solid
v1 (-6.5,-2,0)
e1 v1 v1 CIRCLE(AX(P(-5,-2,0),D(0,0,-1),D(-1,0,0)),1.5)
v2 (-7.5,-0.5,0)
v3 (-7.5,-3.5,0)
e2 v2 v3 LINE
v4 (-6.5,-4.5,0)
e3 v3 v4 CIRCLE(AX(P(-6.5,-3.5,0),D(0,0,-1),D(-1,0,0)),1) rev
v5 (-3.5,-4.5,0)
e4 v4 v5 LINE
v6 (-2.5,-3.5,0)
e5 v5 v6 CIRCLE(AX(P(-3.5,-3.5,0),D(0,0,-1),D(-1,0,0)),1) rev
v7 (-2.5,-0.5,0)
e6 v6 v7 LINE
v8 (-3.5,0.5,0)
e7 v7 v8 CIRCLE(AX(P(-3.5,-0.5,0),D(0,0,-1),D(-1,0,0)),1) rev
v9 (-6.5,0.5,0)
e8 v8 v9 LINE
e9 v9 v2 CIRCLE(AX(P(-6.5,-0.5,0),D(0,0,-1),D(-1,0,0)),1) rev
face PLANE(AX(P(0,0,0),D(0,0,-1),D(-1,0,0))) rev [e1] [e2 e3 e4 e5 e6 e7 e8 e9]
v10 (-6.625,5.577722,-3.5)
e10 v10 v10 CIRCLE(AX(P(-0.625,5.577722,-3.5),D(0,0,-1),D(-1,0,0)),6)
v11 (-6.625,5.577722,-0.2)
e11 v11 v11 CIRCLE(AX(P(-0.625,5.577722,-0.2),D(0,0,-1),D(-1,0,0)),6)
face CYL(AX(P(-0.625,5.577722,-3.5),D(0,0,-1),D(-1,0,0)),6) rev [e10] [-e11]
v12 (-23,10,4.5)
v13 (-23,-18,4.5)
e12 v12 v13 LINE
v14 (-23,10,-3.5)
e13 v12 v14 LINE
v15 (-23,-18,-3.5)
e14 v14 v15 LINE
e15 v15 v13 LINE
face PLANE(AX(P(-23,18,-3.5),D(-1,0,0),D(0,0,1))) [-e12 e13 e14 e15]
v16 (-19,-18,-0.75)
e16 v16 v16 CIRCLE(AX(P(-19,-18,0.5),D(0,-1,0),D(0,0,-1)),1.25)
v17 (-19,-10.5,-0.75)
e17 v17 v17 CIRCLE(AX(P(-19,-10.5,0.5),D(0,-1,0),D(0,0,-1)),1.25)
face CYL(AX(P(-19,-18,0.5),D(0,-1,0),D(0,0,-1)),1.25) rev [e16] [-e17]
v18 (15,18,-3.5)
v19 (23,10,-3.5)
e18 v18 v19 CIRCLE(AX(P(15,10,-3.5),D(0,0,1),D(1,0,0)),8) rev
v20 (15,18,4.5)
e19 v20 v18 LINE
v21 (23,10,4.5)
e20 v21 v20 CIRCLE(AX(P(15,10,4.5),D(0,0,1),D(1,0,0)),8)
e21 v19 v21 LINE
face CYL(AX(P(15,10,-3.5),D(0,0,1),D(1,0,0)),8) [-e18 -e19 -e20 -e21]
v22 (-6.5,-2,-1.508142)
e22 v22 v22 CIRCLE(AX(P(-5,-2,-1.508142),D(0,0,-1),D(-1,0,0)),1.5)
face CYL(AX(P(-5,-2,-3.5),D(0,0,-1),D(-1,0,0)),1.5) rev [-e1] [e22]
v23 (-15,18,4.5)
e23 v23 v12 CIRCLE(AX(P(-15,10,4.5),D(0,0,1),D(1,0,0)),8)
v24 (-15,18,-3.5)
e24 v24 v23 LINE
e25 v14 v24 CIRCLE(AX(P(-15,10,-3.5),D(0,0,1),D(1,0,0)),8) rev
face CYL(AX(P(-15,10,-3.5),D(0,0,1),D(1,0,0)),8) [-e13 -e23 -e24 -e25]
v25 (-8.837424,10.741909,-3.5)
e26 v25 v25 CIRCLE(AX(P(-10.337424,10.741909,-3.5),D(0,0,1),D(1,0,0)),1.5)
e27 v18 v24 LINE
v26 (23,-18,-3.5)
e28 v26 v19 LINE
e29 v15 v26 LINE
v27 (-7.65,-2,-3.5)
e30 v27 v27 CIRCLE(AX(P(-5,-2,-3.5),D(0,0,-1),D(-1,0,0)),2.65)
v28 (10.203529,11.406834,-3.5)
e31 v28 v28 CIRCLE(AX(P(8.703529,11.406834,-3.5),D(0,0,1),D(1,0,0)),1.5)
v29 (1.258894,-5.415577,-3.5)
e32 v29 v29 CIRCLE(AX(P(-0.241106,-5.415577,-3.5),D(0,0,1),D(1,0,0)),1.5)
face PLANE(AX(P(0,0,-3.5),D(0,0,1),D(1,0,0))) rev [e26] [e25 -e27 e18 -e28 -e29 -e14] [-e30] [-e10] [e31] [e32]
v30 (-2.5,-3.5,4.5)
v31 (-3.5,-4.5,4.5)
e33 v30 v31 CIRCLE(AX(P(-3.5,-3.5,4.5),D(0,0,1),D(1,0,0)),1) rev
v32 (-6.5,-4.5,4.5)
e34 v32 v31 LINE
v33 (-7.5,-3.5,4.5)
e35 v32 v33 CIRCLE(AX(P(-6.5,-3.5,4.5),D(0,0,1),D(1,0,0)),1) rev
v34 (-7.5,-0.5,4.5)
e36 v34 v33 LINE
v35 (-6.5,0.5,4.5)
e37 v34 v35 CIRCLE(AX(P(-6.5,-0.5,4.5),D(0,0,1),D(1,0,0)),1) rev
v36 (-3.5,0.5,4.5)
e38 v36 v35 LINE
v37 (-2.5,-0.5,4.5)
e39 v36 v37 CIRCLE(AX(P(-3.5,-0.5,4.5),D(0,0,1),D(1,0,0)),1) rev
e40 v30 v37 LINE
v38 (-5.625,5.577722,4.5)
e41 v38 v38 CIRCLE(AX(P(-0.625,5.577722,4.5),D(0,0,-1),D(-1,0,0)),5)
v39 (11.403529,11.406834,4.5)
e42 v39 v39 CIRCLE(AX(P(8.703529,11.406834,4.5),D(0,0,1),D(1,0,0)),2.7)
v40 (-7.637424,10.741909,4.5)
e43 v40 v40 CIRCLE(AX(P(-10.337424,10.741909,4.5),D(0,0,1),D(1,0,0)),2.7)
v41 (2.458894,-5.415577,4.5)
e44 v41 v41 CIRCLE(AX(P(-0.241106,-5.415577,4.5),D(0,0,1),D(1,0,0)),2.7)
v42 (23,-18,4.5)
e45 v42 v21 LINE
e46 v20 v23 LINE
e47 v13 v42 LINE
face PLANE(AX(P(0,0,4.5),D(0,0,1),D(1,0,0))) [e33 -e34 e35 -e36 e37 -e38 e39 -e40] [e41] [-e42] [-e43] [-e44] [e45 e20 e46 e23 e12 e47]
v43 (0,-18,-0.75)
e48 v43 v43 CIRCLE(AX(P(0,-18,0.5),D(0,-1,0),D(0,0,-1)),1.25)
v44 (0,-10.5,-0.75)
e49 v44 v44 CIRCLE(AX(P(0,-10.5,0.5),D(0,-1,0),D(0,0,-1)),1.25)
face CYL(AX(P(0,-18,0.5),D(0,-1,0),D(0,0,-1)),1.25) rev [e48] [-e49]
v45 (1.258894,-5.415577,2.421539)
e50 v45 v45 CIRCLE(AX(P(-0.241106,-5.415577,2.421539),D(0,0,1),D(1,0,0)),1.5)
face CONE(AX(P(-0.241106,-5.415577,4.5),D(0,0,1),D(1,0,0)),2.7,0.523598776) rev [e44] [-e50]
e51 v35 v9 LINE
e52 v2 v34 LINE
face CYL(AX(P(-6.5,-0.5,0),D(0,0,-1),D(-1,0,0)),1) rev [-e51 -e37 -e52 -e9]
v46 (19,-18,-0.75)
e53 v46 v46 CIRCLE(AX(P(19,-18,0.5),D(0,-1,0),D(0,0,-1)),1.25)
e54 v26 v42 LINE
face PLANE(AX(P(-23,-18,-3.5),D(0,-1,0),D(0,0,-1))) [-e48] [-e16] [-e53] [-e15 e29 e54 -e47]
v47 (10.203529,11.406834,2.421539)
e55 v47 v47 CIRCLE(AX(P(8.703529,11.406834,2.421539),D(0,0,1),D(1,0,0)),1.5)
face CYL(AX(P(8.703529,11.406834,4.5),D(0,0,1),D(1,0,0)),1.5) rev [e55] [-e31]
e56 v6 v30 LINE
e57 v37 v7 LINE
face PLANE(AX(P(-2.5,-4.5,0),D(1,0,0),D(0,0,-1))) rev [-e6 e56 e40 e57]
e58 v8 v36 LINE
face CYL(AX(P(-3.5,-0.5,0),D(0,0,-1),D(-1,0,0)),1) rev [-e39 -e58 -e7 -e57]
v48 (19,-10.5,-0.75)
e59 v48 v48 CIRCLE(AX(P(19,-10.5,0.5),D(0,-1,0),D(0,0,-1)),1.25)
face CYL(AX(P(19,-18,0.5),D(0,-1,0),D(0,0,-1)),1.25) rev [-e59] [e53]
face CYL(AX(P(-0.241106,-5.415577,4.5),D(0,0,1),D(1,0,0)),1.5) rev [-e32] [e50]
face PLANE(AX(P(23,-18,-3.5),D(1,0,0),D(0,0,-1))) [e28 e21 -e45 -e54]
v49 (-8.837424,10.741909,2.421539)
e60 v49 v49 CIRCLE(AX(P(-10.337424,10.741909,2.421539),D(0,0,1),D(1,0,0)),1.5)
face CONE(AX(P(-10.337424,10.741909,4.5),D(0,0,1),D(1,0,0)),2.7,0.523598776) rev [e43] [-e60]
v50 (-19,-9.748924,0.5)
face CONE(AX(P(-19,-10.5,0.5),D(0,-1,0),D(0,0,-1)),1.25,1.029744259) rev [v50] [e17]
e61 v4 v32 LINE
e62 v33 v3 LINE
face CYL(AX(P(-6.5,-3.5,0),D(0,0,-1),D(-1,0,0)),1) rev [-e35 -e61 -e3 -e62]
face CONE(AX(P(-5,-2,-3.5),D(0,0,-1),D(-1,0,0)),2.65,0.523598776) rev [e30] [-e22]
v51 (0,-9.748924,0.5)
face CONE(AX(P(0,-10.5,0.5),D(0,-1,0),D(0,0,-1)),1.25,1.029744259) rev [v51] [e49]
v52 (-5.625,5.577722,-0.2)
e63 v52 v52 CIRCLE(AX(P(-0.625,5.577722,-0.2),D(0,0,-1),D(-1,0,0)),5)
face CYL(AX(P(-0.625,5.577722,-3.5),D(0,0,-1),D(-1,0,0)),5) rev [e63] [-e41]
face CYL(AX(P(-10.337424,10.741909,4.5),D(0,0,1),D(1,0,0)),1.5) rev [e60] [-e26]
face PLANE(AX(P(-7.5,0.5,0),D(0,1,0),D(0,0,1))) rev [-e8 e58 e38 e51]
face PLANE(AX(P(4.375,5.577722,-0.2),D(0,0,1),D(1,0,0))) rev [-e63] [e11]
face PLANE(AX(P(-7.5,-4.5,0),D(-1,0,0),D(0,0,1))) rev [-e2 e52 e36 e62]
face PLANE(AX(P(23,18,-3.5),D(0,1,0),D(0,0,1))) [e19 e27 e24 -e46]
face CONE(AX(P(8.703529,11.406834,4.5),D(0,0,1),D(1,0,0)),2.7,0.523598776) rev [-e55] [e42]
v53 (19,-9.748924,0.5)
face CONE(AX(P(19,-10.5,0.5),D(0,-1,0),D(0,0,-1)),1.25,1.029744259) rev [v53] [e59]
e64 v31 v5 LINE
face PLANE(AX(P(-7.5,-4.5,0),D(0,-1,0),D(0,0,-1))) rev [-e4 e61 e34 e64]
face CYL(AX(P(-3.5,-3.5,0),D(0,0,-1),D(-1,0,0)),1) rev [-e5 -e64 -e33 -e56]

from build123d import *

# Parameters (mm, degrees)
SKETCH1_W                     = 46
SKETCH1_H                     = 36
BOSS_EXTRUDE1_DEPTH           = 8
M3X0_5_TAPPED_HOLE1_D         = 2.5
M3X0_5_TAPPED_HOLE1_DEPTH     = 7.5
M3X0_5_TAPPED_HOLE1_TIP       = 0.751075774
M3X0_5_TAPPED_HOLE2_D         = 2.5
M3X0_5_TAPPED_HOLE2_DEPTH     = 7.5
M3X0_5_TAPPED_HOLE2_TIP       = 0.751075774
FILLET2_R                     = 8
SKETCH13_W                    = 5
SKETCH13_H                    = 5
CUT_EXTRUDE1_DEPTH            = 4.5
CSK_FOR_M3_SFHCS1_D           = 3
CSK_FOR_M3_SFHCS1_DEPTH       = 9.5
CSK_FOR_M3_SFHCS1_CSINK_D     = 5.3
CSK_FOR_M3_SFHCS1_CSINK_ANGLE = 60
CSK_FOR_M3_SFHCS1_TIP         = 0.901290929
FILLET3_R                     = 1
HOLE1_D                       = 10
HOLE1_CBORE_D                 = 12
HOLE1_CBORE_DEPTH             = 3.3
CSK_FOR_M3_SFHCS2_D           = 3
CSK_FOR_M3_SFHCS2_DEPTH       = 9.5
CSK_FOR_M3_SFHCS2_CSINK_D     = 5.4
CSK_FOR_M3_SFHCS2_CSINK_ANGLE = 60
CSK_FOR_M3_SFHCS2_TIP         = 0.901290929


with BuildPart() as part:
    # Sketch1 → Boss-Extrude1 (new body)
    with BuildSketch(Plane.XY.offset(4.5)):
        Rectangle(SKETCH1_W, SKETCH1_H)
    extrude(amount=-BOSS_EXTRUDE1_DEPTH)

    # M3x0.5 Tapped Hole1
    with Locations(Plane(origin=(0, -18, 0), x_dir=(-1, 0, 0), z_dir=(0, -1, 0))):
        with Locations((0, -0.5)):
            Hole(M3X0_5_TAPPED_HOLE1_D / 2, depth=M3X0_5_TAPPED_HOLE1_DEPTH)
            with Locations((0, 0, -(M3X0_5_TAPPED_HOLE1_DEPTH + M3X0_5_TAPPED_HOLE1_TIP / 2))):  # 118° drill point
                Cone(0, M3X0_5_TAPPED_HOLE1_D / 2, M3X0_5_TAPPED_HOLE1_TIP, mode=Mode.SUBTRACT)

    # M3x0.5 Tapped Hole2
    with Locations(Plane(origin=(0, -18, 0), x_dir=(-1, 0, 0), z_dir=(0, -1, 0))):
        with Locations((-19, -0.5), (19, -0.5)):
            Hole(M3X0_5_TAPPED_HOLE2_D / 2, depth=M3X0_5_TAPPED_HOLE2_DEPTH)
            with Locations((0, 0, -(M3X0_5_TAPPED_HOLE2_DEPTH + M3X0_5_TAPPED_HOLE2_TIP / 2))):  # 118° drill point
                Cone(0, M3X0_5_TAPPED_HOLE2_D / 2, M3X0_5_TAPPED_HOLE2_TIP, mode=Mode.SUBTRACT)

    # Fillet2
    fillet2_edges = [part.edges().sort_by_distance(p)[0] for p in [
        (-23, 18, 0.5),
        (23, 18, 0.5),
    ]]
    fillet(fillet2_edges, radius=FILLET2_R)

    # Sketch13 → Cut-Extrude1 (cut)
    with BuildSketch(Plane.XY.offset(4.5)):
        with Locations((-5, -2)):
            Rectangle(SKETCH13_W, SKETCH13_H)
    extrude(amount=-CUT_EXTRUDE1_DEPTH, mode=Mode.SUBTRACT)

    # CSK for M3 SFHCS1
    with Locations(Plane(origin=(-5, -2, -3.5), x_dir=(-1, 0, 0), z_dir=(0, 0, -1))):
        with Locations((0, 0)):
            CounterSinkHole(CSK_FOR_M3_SFHCS1_D / 2, CSK_FOR_M3_SFHCS1_CSINK_D / 2, depth=CSK_FOR_M3_SFHCS1_DEPTH, counter_sink_angle=CSK_FOR_M3_SFHCS1_CSINK_ANGLE)
            with Locations((0, 0, -(CSK_FOR_M3_SFHCS1_DEPTH + CSK_FOR_M3_SFHCS1_TIP / 2))):  # 118° drill point
                Cone(0, CSK_FOR_M3_SFHCS1_D / 2, CSK_FOR_M3_SFHCS1_TIP, mode=Mode.SUBTRACT)

    # Fillet3
    fillet3_edges = [part.edges().sort_by_distance(p)[0] for p in [
        (-2.5, 0.5, 2.25),
        (-2.5, -4.5, 2.25),
        (-7.5, -4.5, 2.25),
        (-7.5, 0.5, 2.25),
    ]]
    fillet(fillet3_edges, radius=FILLET3_R)

    # Hole1 (through all)
    with Locations(Plane(origin=(0, 0, -3.5), x_dir=(-1, 0, 0), z_dir=(0, 0, -1))):
        with Locations((0.625, 5.577722283)):
            CounterBoreHole(HOLE1_D / 2, HOLE1_CBORE_D / 2, HOLE1_CBORE_DEPTH)

    # CSK for M3 SFHCS2
    with Locations(Plane.XY.offset(4.5)):
        with Locations((-10.337423522, 10.741909474), (8.703529058, 11.40683419), (-0.241105536, -5.415576815)):
            CounterSinkHole(CSK_FOR_M3_SFHCS2_D / 2, CSK_FOR_M3_SFHCS2_CSINK_D / 2, depth=CSK_FOR_M3_SFHCS2_DEPTH, counter_sink_angle=CSK_FOR_M3_SFHCS2_CSINK_ANGLE)
            with Locations((0, 0, -(CSK_FOR_M3_SFHCS2_DEPTH + CSK_FOR_M3_SFHCS2_TIP / 2))):  # 118° drill point
                Cone(0, CSK_FOR_M3_SFHCS2_D / 2, CSK_FOR_M3_SFHCS2_TIP, mode=Mode.SUBTRACT)


solid = part.part
